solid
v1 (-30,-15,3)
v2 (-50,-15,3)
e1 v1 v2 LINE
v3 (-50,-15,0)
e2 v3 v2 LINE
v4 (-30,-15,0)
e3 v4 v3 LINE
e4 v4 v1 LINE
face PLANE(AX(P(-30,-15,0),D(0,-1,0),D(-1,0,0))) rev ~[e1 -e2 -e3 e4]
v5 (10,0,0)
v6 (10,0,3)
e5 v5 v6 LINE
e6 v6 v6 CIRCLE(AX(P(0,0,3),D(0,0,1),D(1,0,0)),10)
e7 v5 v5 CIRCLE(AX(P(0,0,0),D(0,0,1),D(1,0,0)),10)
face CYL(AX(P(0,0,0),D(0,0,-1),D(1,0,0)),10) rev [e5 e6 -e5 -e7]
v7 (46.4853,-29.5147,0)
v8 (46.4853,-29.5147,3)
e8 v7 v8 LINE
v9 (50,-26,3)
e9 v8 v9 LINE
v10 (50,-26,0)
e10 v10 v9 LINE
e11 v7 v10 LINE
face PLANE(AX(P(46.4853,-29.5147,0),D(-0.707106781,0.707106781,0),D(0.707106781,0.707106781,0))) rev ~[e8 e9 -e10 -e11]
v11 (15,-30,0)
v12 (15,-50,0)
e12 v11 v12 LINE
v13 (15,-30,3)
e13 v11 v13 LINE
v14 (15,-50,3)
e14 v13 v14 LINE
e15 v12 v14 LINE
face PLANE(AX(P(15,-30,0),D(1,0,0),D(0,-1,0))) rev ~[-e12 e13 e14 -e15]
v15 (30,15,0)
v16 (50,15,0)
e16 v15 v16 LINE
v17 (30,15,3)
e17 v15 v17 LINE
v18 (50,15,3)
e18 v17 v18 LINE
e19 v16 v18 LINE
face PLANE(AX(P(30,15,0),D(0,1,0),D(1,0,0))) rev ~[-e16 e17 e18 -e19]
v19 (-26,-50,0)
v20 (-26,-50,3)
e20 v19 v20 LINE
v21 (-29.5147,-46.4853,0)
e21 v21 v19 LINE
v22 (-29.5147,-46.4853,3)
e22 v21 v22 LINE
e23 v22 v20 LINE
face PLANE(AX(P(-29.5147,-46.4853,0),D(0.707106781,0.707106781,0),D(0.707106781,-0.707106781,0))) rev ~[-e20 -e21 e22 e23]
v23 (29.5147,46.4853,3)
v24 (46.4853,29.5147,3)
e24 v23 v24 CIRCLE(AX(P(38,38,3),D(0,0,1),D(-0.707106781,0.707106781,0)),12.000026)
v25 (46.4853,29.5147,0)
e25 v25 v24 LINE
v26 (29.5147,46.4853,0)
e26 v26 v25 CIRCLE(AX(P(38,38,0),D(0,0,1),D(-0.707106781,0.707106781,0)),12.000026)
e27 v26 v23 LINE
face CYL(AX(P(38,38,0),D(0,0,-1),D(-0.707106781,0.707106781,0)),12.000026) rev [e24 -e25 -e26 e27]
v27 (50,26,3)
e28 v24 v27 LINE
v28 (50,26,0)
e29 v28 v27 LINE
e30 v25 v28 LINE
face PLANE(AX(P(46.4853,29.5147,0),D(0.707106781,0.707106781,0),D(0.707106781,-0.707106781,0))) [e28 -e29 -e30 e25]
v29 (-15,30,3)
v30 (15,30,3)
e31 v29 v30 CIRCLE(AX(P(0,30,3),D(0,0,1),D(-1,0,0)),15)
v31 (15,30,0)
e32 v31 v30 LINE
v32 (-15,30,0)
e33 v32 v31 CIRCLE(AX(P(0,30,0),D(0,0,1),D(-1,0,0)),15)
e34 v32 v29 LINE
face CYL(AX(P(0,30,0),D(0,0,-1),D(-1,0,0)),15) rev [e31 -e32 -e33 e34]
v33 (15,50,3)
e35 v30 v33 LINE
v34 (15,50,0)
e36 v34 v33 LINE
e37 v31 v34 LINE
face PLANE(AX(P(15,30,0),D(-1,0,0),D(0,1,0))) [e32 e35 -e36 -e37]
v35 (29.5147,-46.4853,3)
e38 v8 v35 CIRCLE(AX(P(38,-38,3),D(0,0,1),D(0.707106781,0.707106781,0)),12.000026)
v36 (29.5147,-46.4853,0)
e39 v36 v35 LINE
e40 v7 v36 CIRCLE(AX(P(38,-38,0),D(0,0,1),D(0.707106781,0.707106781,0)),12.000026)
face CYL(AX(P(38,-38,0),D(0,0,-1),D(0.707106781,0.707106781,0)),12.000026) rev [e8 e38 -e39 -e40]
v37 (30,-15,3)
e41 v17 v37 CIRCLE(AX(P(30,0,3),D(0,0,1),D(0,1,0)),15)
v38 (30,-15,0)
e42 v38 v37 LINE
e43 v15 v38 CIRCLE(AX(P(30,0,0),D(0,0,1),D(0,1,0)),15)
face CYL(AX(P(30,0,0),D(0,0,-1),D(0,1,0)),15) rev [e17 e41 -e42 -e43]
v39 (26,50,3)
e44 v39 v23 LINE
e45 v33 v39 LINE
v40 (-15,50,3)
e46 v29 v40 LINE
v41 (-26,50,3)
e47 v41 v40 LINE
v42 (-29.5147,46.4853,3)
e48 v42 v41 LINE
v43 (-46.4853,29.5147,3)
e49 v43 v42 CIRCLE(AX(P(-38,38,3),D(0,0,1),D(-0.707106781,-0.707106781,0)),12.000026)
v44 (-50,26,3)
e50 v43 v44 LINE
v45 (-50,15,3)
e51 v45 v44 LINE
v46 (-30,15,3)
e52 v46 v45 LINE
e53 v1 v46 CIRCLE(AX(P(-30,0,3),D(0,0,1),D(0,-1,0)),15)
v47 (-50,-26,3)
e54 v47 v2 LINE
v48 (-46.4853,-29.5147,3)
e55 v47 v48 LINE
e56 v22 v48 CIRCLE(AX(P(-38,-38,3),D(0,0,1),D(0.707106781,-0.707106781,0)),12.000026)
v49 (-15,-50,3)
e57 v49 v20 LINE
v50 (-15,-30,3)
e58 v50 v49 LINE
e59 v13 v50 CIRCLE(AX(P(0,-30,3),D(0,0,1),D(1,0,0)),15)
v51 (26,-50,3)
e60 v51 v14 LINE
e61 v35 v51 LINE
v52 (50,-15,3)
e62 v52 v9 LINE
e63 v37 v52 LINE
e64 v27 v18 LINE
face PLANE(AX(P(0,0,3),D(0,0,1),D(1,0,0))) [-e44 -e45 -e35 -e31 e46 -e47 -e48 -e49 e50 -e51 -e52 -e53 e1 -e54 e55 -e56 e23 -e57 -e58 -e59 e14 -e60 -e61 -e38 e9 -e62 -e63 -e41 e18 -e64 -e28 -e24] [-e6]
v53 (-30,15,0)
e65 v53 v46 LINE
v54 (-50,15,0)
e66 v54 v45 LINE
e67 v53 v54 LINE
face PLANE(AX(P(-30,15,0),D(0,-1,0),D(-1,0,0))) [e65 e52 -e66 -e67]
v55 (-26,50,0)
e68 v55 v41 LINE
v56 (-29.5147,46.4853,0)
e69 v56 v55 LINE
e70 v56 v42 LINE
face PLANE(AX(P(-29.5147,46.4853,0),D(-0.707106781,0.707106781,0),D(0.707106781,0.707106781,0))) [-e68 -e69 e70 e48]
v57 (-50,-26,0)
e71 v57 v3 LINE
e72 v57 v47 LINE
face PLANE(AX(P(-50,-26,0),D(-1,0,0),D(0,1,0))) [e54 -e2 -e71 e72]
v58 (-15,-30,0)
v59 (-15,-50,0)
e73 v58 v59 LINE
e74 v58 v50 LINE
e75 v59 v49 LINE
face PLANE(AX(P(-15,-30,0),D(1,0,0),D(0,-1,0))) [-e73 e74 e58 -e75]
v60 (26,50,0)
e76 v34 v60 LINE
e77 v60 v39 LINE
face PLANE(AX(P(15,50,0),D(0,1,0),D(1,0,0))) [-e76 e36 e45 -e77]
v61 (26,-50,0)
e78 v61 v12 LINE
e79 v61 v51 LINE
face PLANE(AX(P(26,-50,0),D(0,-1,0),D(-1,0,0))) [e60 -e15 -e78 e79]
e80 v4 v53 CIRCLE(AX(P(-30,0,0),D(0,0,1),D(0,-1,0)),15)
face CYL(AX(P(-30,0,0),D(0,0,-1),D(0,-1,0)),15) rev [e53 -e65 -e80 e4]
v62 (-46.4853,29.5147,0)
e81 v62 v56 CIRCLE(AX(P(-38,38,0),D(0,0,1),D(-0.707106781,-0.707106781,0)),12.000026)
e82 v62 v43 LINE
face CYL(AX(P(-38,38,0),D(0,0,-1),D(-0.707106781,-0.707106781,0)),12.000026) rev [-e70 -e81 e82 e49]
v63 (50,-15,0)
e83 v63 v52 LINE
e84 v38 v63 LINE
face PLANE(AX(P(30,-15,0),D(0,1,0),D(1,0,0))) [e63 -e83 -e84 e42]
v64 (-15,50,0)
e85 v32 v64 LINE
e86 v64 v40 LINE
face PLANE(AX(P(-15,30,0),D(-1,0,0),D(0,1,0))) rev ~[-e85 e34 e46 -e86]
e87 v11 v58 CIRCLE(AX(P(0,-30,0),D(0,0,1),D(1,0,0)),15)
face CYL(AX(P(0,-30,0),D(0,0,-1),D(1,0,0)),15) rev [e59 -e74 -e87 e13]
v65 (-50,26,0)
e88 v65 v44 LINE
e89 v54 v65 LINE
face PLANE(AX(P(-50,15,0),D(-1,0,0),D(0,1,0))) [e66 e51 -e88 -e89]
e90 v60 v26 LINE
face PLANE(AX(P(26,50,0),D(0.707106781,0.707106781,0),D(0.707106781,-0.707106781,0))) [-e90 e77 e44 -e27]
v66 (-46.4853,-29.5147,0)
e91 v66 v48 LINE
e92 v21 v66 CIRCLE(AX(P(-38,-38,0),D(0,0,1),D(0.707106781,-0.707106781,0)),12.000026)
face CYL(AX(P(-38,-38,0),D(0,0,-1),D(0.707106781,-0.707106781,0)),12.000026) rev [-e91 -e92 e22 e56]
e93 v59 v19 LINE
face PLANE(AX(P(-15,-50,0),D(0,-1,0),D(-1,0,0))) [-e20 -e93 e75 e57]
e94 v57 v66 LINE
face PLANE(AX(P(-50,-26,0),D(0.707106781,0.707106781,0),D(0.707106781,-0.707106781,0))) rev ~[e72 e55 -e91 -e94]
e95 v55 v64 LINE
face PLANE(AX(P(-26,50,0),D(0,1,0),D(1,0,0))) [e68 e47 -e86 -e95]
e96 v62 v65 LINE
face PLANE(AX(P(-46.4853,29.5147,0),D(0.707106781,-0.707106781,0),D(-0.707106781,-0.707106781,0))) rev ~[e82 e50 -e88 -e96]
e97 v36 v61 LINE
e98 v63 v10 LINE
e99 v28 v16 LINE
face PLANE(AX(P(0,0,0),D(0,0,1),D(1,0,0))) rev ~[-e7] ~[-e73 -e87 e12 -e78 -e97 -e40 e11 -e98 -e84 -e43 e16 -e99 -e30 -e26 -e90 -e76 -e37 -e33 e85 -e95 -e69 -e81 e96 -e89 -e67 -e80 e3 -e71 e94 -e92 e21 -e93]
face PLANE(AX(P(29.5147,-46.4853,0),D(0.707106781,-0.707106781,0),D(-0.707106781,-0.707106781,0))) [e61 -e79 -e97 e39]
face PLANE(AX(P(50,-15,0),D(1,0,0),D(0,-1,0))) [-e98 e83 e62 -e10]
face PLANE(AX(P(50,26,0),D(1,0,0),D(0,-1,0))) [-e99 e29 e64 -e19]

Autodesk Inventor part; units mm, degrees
ref_plane "YZ Plane" through (0, 0, 0) normal (1, 0, 0) x (0, 1, 0)
ref_plane "XZ Plane" through (0, 0, 0) normal (0, 1, 0) x (-1, 0, 0)
ref_plane "XY Plane" through (0, 0, 0) normal (0, 0, 1) x (1, 0, 0)
sketch "Sketch1" plane through (0, 0, 0) normal (0, 0, 1) x (1, 0, 0)
  circle A0 centre (0, 0) radius 10
  arc A1 (-30, -15) -> (-30, 15) centre (-30, 0) ccw
  arc A2 (30, 15) -> (30, -15) centre (30, 0) ccw
  arc A3 (-15, 30) -> (15, 30) centre (0, 30) ccw
  arc A4 (15, -30) -> (-15, -30) centre (0, -30) ccw
  line L0 (-30, 15) -> (-50, 15)
  line L1 (-30, -15) -> (-50, -15)
  line L2 (-15, -30) -> (-15, -50)
  line L3 (15, -30) -> (15, -50)
  line L4 (30, 15) -> (50, 15)
  line L5 (30, -15) -> (50, -15)
  line L6 (-15, 30) -> (-15, 50)
  line L7 (15, 30) -> (15, 50)
  line L8 (-50, -26) -> (-50, -15)
  line L9 (-50, 15) -> (-50, 26)
  line L10 (50, 26) -> (50, 15)
  line L11 (-26, 50) -> (-15, 50)
  arc A5 (-46.4853, 29.5147) -> (-29.5147, 46.4853) centre (-38, 38) ccw
  arc A6 (29.5147, 46.4853) -> (46.4853, 29.5147) centre (38, 38) ccw
  arc A7 (-29.5147, -46.4853) -> (-46.4853, -29.5147) centre (-38, -38) ccw
  arc A8 (46.4853, -29.5147) -> (29.5147, -46.4853) centre (38, -38) ccw
  line L12 (-29.5147, 46.4853) -> (-26, 50)
  line L13 (-46.4853, 29.5147) -> (-50, 26)
  line L14 (46.4853, 29.5147) -> (50, 26)
  line L15 (26, 50) -> (29.5147, 46.4853)
  line L16 (-29.5147, -46.4853) -> (-26, -50)
  line L17 (-50, -26) -> (-46.4853, -29.5147)
  line L18 (46.4853, -29.5147) -> (50, -26)
  line L19 (29.5147, -46.4853) -> (26, -50)
  line L20 (15, 50) -> (26, 50)
  line L21 (26, -50) -> (15, -50)
  line L22 (50, -15) -> (50, -26)
  line L23 (-15, -50) -> (-26, -50)
  dimension "d1" = 20
  dimension "d2" = 30
  dimension "d4" = 30
  dimension "d5" = 30
  dimension "d6" = 30
  dimension "d7" = 24
  dimension "d8" = 24
  dimension "d9" = 24
  dimension "d10" = 24
  dimension "d11" = 20
  dimension "d12" = 20
  dimension "d13" = 20
extrude "Extrusion1" add sketch "Sketch1" along normal blind 3
properties part number "Desafio 1 - MASA - Inventor"
